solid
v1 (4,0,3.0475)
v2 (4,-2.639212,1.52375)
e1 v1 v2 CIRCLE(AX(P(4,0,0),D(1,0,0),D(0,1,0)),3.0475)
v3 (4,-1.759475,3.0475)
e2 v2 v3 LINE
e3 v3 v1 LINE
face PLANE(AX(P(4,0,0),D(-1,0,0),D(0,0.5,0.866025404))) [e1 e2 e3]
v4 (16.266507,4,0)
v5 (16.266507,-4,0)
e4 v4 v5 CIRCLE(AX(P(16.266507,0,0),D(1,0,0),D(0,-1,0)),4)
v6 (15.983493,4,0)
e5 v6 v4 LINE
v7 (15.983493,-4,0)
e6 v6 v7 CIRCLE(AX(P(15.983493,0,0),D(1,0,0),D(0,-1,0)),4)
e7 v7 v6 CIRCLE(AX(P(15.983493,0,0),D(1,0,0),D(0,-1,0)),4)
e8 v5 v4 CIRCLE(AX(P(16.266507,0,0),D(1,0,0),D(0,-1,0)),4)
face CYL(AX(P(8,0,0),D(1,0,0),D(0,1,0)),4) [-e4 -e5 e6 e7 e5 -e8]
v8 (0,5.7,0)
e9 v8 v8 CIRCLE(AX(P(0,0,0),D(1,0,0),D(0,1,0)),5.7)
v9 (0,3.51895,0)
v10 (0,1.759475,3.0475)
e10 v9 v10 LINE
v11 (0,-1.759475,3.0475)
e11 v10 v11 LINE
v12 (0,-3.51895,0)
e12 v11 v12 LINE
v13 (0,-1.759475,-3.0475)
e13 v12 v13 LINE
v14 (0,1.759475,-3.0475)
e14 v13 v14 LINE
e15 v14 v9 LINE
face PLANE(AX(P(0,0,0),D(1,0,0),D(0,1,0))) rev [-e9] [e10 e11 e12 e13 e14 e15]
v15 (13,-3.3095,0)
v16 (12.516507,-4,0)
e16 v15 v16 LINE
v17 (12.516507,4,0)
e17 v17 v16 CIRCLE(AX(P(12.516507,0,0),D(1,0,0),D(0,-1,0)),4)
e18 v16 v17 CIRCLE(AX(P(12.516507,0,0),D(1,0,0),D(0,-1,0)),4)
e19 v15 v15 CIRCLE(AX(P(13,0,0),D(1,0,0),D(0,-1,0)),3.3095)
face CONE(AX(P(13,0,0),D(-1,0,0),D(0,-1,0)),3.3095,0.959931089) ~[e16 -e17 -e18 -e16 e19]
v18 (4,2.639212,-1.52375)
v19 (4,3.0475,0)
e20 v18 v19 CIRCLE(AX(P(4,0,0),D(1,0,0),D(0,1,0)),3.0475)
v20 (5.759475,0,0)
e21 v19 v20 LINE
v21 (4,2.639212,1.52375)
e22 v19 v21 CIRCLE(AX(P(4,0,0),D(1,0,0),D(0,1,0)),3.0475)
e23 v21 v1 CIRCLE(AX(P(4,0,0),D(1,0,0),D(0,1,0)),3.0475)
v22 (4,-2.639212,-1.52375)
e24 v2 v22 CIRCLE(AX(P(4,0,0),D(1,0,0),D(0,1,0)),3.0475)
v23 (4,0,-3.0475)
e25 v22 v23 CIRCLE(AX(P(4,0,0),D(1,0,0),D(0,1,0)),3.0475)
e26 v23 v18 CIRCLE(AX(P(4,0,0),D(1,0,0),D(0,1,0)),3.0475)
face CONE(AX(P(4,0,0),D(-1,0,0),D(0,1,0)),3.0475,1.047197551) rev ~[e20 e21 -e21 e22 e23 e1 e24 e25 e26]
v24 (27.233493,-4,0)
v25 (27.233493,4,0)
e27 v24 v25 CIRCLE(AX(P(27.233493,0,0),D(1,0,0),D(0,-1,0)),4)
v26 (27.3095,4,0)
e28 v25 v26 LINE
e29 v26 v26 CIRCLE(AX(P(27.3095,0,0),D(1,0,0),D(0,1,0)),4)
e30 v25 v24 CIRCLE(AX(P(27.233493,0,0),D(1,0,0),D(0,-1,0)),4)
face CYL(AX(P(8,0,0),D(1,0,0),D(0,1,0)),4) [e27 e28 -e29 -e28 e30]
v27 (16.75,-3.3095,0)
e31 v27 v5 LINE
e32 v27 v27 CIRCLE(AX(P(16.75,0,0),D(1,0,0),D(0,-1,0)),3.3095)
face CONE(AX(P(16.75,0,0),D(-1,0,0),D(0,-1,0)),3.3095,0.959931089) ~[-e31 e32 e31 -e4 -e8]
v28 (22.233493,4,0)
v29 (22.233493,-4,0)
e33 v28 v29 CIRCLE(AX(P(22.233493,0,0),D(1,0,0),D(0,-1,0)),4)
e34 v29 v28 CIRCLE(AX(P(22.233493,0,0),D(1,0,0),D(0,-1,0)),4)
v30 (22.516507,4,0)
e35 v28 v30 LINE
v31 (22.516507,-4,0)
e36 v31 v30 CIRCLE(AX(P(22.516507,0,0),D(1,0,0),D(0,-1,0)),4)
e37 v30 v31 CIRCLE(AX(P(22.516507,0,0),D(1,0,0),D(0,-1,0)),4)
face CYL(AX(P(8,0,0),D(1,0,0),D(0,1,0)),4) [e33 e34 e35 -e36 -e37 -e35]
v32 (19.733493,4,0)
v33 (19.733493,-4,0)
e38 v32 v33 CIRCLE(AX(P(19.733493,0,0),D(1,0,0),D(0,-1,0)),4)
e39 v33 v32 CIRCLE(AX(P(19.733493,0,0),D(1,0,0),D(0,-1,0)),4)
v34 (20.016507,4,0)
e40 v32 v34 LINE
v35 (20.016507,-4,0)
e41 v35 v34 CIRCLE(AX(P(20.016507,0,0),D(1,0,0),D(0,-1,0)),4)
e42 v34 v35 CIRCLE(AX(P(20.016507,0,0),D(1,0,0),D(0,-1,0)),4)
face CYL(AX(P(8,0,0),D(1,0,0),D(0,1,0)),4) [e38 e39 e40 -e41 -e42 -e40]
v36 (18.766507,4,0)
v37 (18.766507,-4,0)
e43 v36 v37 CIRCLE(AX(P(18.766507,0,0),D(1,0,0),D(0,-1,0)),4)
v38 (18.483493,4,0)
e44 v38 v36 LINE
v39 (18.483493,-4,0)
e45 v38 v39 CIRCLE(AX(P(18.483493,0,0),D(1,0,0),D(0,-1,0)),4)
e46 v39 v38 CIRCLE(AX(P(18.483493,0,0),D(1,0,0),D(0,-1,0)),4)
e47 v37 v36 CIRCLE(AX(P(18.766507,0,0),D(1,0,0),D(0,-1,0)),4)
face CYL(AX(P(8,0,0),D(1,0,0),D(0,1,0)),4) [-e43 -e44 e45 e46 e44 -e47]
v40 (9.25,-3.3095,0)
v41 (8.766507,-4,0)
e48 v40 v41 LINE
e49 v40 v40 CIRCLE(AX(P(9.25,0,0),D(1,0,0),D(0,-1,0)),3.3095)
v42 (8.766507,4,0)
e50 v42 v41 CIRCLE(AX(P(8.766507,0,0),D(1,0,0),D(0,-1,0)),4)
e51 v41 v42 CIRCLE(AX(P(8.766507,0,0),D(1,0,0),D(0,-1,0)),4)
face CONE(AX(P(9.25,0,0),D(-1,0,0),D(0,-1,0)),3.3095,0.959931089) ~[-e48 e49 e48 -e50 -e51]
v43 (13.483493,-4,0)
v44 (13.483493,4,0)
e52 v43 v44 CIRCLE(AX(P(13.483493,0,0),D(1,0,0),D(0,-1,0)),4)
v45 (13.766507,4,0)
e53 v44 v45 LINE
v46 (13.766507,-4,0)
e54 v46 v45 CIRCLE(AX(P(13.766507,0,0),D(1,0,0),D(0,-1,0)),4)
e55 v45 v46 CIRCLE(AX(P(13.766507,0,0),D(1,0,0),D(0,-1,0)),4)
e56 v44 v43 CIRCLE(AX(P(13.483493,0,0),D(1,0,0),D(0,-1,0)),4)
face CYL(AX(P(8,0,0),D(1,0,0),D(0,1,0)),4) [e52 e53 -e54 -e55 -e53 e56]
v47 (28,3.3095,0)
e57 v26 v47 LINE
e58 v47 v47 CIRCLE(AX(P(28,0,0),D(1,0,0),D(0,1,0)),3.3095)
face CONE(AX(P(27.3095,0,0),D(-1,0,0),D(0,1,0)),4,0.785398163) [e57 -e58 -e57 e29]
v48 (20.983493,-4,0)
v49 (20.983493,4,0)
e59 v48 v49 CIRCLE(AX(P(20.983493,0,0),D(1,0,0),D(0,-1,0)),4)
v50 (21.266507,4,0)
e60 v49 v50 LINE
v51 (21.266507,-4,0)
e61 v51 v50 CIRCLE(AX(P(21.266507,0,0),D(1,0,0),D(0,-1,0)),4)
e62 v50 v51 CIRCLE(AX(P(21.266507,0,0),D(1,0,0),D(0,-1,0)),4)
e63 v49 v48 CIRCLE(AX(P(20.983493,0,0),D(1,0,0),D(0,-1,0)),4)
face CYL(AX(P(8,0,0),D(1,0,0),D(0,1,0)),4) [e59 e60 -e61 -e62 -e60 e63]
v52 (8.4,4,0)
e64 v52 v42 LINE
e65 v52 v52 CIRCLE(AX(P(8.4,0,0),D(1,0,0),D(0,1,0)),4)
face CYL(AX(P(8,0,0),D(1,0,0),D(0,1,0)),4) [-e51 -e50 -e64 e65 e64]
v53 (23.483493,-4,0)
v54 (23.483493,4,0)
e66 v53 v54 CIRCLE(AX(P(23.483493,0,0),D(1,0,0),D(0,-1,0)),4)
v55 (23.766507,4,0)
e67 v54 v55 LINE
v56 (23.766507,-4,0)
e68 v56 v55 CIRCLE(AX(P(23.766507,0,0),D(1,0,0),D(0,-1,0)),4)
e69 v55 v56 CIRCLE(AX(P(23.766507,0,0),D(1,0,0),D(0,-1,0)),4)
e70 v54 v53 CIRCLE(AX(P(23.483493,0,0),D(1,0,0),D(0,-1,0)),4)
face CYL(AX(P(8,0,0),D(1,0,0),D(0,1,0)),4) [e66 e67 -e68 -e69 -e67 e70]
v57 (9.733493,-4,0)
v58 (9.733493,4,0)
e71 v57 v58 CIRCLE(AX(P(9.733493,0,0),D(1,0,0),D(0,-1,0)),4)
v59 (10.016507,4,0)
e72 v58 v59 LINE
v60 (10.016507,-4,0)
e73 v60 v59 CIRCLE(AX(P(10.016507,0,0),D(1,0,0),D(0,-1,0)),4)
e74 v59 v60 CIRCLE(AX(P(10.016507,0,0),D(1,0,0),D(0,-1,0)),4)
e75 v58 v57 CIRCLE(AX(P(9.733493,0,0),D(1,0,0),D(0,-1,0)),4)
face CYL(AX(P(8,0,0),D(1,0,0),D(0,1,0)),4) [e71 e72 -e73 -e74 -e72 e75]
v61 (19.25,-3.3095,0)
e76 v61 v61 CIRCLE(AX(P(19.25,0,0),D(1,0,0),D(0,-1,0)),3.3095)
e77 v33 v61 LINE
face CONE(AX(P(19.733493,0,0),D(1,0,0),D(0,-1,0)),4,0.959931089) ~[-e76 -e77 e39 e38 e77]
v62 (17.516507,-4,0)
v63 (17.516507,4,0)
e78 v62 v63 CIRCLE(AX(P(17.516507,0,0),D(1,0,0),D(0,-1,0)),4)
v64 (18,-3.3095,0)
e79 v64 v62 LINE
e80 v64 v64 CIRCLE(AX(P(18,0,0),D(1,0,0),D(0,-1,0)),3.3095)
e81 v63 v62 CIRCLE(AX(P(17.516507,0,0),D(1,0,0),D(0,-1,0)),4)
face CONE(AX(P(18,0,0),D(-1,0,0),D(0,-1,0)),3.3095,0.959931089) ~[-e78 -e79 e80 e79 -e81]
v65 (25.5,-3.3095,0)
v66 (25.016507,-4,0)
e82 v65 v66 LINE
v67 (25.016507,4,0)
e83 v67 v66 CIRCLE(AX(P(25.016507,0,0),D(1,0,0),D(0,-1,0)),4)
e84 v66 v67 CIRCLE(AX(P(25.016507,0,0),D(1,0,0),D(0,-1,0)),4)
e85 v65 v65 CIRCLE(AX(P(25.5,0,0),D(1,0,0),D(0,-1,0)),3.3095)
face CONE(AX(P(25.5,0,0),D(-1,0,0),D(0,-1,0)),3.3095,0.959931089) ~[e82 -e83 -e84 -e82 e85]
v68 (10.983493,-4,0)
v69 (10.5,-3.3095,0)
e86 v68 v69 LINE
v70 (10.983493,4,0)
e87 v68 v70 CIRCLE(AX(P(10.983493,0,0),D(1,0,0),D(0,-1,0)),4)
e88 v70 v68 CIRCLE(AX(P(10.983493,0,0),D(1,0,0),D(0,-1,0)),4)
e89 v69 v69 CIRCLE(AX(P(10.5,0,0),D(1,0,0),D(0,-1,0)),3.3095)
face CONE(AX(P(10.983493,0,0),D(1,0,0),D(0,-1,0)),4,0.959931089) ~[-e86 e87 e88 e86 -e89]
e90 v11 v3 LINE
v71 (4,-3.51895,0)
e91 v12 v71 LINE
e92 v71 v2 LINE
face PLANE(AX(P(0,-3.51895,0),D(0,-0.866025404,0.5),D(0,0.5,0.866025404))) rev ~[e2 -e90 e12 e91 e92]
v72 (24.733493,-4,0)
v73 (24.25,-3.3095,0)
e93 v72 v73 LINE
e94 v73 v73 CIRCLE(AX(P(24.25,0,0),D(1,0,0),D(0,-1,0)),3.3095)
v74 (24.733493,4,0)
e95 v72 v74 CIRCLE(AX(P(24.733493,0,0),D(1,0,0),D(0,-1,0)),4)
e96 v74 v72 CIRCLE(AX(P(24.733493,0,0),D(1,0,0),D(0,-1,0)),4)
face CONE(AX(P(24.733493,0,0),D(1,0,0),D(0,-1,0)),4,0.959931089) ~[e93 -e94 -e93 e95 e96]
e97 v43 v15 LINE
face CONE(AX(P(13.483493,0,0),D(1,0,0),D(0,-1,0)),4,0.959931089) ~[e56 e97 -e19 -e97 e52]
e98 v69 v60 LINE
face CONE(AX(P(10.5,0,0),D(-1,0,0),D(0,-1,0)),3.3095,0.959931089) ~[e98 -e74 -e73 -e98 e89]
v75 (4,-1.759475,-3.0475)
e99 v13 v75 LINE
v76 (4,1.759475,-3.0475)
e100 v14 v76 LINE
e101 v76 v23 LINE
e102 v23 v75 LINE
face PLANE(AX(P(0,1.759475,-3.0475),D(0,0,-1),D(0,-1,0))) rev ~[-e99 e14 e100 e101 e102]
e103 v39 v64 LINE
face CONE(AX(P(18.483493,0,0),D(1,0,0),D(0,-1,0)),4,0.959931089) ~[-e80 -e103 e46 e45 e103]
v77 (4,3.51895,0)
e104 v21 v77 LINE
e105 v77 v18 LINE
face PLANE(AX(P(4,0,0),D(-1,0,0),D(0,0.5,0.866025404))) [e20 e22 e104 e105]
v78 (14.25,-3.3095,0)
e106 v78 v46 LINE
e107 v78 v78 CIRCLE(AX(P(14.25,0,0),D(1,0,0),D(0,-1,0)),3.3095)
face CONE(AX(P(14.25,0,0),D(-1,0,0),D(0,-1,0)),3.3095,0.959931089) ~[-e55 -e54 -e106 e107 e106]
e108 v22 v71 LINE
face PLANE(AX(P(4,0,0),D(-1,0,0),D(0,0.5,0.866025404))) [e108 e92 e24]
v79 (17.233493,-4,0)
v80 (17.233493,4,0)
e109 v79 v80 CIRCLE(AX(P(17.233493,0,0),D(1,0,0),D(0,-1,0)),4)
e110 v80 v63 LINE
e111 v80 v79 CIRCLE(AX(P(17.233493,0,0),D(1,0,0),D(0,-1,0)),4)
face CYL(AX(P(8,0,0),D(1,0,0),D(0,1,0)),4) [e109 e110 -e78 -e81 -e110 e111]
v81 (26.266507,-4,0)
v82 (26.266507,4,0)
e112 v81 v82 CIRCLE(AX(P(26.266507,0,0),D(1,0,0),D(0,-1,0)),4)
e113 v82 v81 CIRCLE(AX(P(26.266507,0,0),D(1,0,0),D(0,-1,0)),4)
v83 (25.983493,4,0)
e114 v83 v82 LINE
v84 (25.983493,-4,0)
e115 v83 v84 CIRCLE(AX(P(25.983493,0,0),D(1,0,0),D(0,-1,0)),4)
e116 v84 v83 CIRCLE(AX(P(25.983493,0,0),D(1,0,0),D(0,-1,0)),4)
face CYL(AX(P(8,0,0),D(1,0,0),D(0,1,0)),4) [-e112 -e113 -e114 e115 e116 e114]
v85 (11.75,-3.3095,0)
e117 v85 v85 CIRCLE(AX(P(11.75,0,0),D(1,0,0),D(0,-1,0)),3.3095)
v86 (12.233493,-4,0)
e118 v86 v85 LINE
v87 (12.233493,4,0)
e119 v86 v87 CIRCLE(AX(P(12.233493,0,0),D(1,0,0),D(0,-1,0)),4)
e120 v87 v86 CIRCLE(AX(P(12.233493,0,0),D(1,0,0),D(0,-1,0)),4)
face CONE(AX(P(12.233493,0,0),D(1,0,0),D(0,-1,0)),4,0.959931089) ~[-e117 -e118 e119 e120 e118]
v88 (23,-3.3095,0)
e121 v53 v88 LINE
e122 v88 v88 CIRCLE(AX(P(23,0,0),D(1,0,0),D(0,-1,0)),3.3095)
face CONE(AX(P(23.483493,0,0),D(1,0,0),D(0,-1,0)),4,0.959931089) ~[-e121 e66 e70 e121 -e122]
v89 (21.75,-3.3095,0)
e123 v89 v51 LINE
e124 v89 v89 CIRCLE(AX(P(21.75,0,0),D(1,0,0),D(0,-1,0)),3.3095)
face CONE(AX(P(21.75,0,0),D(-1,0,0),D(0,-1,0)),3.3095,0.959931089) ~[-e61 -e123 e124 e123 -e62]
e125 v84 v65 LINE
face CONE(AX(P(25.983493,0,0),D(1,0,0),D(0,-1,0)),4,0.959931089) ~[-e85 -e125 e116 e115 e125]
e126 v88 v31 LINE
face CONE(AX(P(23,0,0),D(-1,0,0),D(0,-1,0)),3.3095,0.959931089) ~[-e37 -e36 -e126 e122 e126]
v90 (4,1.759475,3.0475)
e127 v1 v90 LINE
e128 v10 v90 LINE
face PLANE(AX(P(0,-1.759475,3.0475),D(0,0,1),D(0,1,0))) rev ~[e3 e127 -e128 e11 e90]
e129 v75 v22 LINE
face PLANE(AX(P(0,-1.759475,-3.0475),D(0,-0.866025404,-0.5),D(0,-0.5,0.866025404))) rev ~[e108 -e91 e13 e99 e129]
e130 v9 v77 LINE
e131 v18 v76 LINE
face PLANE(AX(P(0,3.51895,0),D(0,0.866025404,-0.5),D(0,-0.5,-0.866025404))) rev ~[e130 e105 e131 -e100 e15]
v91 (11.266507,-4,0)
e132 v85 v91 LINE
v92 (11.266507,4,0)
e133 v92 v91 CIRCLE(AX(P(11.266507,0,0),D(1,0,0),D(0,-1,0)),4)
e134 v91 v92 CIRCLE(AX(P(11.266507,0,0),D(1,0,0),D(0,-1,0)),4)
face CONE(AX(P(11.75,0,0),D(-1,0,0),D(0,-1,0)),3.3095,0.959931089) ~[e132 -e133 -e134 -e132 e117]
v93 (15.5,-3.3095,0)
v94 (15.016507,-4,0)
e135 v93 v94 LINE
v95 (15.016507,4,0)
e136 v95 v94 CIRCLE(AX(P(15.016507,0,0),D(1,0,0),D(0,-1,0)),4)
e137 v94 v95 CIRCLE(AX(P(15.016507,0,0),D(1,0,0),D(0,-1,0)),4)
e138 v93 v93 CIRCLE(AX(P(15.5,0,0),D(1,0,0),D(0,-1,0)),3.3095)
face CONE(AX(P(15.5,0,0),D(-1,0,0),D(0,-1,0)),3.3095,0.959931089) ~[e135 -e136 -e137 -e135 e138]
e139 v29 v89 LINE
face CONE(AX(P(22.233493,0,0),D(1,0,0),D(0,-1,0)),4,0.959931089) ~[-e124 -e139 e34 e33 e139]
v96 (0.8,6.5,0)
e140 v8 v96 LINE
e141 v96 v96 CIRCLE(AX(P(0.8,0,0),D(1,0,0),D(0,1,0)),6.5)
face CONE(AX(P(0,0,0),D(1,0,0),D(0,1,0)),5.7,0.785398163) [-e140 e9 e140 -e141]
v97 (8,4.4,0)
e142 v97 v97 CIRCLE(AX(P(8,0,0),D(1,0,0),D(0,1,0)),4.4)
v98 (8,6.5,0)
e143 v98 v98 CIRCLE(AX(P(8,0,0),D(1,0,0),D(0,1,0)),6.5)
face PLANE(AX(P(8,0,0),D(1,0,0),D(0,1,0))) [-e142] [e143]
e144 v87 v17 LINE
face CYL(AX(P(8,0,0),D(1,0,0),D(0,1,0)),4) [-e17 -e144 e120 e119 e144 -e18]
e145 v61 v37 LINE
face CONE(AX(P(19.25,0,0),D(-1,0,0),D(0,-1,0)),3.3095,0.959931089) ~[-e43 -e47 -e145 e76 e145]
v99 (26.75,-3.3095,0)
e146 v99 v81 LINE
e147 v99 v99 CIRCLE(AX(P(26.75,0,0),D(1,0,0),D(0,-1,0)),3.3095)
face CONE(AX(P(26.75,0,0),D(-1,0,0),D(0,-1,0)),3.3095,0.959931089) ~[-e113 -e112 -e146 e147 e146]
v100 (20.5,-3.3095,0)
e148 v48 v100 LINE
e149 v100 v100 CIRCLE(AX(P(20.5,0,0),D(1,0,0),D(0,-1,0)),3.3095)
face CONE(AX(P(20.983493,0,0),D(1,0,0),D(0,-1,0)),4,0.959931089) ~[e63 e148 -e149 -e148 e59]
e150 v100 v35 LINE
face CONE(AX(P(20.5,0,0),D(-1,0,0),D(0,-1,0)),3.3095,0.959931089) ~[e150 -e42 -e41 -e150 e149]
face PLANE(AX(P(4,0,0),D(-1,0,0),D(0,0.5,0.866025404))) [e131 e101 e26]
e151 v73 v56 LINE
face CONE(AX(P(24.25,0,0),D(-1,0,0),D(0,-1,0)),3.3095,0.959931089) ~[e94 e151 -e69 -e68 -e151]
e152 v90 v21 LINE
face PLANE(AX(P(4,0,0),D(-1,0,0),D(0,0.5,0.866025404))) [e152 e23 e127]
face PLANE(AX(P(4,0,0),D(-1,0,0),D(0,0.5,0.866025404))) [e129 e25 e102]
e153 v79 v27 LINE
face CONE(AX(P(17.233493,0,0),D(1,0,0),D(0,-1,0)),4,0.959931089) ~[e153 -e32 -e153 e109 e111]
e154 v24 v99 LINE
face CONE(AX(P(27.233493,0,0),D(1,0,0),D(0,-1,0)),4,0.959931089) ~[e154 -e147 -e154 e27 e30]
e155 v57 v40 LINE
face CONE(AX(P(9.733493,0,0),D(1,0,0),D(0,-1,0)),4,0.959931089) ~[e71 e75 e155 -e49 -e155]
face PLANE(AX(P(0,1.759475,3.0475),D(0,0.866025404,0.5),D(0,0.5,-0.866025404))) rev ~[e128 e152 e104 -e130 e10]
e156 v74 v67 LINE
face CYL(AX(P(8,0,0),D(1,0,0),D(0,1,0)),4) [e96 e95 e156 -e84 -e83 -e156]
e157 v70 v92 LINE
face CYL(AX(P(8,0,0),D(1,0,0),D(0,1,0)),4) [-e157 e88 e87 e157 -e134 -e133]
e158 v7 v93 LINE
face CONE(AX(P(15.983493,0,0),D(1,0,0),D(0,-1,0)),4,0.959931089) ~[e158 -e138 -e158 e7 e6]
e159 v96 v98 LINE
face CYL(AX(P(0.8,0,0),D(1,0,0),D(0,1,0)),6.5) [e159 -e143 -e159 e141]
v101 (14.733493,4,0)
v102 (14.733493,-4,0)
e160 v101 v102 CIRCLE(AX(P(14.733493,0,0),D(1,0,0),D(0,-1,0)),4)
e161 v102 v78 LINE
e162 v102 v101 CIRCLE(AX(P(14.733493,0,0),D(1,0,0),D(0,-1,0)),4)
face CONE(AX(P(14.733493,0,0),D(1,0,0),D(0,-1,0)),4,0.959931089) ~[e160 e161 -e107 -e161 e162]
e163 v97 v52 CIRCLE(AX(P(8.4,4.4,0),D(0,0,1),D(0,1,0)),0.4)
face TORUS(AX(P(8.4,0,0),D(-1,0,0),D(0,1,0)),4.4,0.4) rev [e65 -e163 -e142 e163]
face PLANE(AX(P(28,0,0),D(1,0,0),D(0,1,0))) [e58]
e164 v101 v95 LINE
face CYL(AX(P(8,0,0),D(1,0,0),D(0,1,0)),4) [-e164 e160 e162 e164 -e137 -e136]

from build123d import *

# Parameters (mm, degrees)
FILLET1_R       = 0.4
HEX_2_DEPTH     = 4
THDSCHPAT_COUNT = 15
THDSCHPAT_PITCH = 1.25


with BuildPart() as part:
    # BodySke → Base-Revolve (revolve)
    with BuildSketch(Plane.XY):
        Polygon((0, 0), (0, 5.7), (0.8, 6.5), (8, 6.5), (8, 4), (27.3095, 4), (28, 3.3095), (28, 0), align=None)
    revolve(axis=Axis((-31.75, 0, 0), (1, 0, 0)))

    # Fillet1
    fillet1_edges = [part.edges().sort_by_distance(p)[0] for p in [
        (8, -4, 0),
    ]]
    fillet(fillet1_edges, radius=FILLET1_R)

    # Sketch2 → Hex-PreBroach (revolve, cut)
    with BuildSketch(Plane.XY):
        Polygon((0, 3.0475), (4, 3.0475), (5.759474945, 0), (0, 0), align=None)
    revolve(axis=Axis((0, 0, 0), (1, 0, 0)), mode=Mode.SUBTRACT)

    # Sketch3 → Hex 2 (cut)
    with BuildSketch(Plane(origin=(0, 0, 0), x_dir=(0, 0.5, 0.866025404), z_dir=(-1, 0, 0))):
        Polygon((1.759474945, 3.0475), (-1.759474945, 3.0475), (-3.518949891, 0), (-1.759474945, -3.0475), (1.759474945, -3.0475), (3.518949891, 0), align=None)
    extrude(amount=-HEX_2_DEPTH, mode=Mode.SUBTRACT)

    # ThdSchSke → ThreadSchematic (revolve, cut)
    with BuildSketch(Plane.XY):
        Polygon((9.25, -3.3095), (8.766506695, -4), (8.766506695, -5), (9.733493305, -5), (9.733493305, -4), align=None)
    threadschematic = revolve(axis=Axis((-3.175, 0, 0), (1, 0, 0)), mode=Mode.SUBTRACT)

    # ThdSchPat: ThreadSchematic ×15
    with Locations(*[(i * THDSCHPAT_PITCH, 0, 0) for i in range(1, THDSCHPAT_COUNT)]):
        add(threadschematic, mode=Mode.SUBTRACT)


solid = part.part
